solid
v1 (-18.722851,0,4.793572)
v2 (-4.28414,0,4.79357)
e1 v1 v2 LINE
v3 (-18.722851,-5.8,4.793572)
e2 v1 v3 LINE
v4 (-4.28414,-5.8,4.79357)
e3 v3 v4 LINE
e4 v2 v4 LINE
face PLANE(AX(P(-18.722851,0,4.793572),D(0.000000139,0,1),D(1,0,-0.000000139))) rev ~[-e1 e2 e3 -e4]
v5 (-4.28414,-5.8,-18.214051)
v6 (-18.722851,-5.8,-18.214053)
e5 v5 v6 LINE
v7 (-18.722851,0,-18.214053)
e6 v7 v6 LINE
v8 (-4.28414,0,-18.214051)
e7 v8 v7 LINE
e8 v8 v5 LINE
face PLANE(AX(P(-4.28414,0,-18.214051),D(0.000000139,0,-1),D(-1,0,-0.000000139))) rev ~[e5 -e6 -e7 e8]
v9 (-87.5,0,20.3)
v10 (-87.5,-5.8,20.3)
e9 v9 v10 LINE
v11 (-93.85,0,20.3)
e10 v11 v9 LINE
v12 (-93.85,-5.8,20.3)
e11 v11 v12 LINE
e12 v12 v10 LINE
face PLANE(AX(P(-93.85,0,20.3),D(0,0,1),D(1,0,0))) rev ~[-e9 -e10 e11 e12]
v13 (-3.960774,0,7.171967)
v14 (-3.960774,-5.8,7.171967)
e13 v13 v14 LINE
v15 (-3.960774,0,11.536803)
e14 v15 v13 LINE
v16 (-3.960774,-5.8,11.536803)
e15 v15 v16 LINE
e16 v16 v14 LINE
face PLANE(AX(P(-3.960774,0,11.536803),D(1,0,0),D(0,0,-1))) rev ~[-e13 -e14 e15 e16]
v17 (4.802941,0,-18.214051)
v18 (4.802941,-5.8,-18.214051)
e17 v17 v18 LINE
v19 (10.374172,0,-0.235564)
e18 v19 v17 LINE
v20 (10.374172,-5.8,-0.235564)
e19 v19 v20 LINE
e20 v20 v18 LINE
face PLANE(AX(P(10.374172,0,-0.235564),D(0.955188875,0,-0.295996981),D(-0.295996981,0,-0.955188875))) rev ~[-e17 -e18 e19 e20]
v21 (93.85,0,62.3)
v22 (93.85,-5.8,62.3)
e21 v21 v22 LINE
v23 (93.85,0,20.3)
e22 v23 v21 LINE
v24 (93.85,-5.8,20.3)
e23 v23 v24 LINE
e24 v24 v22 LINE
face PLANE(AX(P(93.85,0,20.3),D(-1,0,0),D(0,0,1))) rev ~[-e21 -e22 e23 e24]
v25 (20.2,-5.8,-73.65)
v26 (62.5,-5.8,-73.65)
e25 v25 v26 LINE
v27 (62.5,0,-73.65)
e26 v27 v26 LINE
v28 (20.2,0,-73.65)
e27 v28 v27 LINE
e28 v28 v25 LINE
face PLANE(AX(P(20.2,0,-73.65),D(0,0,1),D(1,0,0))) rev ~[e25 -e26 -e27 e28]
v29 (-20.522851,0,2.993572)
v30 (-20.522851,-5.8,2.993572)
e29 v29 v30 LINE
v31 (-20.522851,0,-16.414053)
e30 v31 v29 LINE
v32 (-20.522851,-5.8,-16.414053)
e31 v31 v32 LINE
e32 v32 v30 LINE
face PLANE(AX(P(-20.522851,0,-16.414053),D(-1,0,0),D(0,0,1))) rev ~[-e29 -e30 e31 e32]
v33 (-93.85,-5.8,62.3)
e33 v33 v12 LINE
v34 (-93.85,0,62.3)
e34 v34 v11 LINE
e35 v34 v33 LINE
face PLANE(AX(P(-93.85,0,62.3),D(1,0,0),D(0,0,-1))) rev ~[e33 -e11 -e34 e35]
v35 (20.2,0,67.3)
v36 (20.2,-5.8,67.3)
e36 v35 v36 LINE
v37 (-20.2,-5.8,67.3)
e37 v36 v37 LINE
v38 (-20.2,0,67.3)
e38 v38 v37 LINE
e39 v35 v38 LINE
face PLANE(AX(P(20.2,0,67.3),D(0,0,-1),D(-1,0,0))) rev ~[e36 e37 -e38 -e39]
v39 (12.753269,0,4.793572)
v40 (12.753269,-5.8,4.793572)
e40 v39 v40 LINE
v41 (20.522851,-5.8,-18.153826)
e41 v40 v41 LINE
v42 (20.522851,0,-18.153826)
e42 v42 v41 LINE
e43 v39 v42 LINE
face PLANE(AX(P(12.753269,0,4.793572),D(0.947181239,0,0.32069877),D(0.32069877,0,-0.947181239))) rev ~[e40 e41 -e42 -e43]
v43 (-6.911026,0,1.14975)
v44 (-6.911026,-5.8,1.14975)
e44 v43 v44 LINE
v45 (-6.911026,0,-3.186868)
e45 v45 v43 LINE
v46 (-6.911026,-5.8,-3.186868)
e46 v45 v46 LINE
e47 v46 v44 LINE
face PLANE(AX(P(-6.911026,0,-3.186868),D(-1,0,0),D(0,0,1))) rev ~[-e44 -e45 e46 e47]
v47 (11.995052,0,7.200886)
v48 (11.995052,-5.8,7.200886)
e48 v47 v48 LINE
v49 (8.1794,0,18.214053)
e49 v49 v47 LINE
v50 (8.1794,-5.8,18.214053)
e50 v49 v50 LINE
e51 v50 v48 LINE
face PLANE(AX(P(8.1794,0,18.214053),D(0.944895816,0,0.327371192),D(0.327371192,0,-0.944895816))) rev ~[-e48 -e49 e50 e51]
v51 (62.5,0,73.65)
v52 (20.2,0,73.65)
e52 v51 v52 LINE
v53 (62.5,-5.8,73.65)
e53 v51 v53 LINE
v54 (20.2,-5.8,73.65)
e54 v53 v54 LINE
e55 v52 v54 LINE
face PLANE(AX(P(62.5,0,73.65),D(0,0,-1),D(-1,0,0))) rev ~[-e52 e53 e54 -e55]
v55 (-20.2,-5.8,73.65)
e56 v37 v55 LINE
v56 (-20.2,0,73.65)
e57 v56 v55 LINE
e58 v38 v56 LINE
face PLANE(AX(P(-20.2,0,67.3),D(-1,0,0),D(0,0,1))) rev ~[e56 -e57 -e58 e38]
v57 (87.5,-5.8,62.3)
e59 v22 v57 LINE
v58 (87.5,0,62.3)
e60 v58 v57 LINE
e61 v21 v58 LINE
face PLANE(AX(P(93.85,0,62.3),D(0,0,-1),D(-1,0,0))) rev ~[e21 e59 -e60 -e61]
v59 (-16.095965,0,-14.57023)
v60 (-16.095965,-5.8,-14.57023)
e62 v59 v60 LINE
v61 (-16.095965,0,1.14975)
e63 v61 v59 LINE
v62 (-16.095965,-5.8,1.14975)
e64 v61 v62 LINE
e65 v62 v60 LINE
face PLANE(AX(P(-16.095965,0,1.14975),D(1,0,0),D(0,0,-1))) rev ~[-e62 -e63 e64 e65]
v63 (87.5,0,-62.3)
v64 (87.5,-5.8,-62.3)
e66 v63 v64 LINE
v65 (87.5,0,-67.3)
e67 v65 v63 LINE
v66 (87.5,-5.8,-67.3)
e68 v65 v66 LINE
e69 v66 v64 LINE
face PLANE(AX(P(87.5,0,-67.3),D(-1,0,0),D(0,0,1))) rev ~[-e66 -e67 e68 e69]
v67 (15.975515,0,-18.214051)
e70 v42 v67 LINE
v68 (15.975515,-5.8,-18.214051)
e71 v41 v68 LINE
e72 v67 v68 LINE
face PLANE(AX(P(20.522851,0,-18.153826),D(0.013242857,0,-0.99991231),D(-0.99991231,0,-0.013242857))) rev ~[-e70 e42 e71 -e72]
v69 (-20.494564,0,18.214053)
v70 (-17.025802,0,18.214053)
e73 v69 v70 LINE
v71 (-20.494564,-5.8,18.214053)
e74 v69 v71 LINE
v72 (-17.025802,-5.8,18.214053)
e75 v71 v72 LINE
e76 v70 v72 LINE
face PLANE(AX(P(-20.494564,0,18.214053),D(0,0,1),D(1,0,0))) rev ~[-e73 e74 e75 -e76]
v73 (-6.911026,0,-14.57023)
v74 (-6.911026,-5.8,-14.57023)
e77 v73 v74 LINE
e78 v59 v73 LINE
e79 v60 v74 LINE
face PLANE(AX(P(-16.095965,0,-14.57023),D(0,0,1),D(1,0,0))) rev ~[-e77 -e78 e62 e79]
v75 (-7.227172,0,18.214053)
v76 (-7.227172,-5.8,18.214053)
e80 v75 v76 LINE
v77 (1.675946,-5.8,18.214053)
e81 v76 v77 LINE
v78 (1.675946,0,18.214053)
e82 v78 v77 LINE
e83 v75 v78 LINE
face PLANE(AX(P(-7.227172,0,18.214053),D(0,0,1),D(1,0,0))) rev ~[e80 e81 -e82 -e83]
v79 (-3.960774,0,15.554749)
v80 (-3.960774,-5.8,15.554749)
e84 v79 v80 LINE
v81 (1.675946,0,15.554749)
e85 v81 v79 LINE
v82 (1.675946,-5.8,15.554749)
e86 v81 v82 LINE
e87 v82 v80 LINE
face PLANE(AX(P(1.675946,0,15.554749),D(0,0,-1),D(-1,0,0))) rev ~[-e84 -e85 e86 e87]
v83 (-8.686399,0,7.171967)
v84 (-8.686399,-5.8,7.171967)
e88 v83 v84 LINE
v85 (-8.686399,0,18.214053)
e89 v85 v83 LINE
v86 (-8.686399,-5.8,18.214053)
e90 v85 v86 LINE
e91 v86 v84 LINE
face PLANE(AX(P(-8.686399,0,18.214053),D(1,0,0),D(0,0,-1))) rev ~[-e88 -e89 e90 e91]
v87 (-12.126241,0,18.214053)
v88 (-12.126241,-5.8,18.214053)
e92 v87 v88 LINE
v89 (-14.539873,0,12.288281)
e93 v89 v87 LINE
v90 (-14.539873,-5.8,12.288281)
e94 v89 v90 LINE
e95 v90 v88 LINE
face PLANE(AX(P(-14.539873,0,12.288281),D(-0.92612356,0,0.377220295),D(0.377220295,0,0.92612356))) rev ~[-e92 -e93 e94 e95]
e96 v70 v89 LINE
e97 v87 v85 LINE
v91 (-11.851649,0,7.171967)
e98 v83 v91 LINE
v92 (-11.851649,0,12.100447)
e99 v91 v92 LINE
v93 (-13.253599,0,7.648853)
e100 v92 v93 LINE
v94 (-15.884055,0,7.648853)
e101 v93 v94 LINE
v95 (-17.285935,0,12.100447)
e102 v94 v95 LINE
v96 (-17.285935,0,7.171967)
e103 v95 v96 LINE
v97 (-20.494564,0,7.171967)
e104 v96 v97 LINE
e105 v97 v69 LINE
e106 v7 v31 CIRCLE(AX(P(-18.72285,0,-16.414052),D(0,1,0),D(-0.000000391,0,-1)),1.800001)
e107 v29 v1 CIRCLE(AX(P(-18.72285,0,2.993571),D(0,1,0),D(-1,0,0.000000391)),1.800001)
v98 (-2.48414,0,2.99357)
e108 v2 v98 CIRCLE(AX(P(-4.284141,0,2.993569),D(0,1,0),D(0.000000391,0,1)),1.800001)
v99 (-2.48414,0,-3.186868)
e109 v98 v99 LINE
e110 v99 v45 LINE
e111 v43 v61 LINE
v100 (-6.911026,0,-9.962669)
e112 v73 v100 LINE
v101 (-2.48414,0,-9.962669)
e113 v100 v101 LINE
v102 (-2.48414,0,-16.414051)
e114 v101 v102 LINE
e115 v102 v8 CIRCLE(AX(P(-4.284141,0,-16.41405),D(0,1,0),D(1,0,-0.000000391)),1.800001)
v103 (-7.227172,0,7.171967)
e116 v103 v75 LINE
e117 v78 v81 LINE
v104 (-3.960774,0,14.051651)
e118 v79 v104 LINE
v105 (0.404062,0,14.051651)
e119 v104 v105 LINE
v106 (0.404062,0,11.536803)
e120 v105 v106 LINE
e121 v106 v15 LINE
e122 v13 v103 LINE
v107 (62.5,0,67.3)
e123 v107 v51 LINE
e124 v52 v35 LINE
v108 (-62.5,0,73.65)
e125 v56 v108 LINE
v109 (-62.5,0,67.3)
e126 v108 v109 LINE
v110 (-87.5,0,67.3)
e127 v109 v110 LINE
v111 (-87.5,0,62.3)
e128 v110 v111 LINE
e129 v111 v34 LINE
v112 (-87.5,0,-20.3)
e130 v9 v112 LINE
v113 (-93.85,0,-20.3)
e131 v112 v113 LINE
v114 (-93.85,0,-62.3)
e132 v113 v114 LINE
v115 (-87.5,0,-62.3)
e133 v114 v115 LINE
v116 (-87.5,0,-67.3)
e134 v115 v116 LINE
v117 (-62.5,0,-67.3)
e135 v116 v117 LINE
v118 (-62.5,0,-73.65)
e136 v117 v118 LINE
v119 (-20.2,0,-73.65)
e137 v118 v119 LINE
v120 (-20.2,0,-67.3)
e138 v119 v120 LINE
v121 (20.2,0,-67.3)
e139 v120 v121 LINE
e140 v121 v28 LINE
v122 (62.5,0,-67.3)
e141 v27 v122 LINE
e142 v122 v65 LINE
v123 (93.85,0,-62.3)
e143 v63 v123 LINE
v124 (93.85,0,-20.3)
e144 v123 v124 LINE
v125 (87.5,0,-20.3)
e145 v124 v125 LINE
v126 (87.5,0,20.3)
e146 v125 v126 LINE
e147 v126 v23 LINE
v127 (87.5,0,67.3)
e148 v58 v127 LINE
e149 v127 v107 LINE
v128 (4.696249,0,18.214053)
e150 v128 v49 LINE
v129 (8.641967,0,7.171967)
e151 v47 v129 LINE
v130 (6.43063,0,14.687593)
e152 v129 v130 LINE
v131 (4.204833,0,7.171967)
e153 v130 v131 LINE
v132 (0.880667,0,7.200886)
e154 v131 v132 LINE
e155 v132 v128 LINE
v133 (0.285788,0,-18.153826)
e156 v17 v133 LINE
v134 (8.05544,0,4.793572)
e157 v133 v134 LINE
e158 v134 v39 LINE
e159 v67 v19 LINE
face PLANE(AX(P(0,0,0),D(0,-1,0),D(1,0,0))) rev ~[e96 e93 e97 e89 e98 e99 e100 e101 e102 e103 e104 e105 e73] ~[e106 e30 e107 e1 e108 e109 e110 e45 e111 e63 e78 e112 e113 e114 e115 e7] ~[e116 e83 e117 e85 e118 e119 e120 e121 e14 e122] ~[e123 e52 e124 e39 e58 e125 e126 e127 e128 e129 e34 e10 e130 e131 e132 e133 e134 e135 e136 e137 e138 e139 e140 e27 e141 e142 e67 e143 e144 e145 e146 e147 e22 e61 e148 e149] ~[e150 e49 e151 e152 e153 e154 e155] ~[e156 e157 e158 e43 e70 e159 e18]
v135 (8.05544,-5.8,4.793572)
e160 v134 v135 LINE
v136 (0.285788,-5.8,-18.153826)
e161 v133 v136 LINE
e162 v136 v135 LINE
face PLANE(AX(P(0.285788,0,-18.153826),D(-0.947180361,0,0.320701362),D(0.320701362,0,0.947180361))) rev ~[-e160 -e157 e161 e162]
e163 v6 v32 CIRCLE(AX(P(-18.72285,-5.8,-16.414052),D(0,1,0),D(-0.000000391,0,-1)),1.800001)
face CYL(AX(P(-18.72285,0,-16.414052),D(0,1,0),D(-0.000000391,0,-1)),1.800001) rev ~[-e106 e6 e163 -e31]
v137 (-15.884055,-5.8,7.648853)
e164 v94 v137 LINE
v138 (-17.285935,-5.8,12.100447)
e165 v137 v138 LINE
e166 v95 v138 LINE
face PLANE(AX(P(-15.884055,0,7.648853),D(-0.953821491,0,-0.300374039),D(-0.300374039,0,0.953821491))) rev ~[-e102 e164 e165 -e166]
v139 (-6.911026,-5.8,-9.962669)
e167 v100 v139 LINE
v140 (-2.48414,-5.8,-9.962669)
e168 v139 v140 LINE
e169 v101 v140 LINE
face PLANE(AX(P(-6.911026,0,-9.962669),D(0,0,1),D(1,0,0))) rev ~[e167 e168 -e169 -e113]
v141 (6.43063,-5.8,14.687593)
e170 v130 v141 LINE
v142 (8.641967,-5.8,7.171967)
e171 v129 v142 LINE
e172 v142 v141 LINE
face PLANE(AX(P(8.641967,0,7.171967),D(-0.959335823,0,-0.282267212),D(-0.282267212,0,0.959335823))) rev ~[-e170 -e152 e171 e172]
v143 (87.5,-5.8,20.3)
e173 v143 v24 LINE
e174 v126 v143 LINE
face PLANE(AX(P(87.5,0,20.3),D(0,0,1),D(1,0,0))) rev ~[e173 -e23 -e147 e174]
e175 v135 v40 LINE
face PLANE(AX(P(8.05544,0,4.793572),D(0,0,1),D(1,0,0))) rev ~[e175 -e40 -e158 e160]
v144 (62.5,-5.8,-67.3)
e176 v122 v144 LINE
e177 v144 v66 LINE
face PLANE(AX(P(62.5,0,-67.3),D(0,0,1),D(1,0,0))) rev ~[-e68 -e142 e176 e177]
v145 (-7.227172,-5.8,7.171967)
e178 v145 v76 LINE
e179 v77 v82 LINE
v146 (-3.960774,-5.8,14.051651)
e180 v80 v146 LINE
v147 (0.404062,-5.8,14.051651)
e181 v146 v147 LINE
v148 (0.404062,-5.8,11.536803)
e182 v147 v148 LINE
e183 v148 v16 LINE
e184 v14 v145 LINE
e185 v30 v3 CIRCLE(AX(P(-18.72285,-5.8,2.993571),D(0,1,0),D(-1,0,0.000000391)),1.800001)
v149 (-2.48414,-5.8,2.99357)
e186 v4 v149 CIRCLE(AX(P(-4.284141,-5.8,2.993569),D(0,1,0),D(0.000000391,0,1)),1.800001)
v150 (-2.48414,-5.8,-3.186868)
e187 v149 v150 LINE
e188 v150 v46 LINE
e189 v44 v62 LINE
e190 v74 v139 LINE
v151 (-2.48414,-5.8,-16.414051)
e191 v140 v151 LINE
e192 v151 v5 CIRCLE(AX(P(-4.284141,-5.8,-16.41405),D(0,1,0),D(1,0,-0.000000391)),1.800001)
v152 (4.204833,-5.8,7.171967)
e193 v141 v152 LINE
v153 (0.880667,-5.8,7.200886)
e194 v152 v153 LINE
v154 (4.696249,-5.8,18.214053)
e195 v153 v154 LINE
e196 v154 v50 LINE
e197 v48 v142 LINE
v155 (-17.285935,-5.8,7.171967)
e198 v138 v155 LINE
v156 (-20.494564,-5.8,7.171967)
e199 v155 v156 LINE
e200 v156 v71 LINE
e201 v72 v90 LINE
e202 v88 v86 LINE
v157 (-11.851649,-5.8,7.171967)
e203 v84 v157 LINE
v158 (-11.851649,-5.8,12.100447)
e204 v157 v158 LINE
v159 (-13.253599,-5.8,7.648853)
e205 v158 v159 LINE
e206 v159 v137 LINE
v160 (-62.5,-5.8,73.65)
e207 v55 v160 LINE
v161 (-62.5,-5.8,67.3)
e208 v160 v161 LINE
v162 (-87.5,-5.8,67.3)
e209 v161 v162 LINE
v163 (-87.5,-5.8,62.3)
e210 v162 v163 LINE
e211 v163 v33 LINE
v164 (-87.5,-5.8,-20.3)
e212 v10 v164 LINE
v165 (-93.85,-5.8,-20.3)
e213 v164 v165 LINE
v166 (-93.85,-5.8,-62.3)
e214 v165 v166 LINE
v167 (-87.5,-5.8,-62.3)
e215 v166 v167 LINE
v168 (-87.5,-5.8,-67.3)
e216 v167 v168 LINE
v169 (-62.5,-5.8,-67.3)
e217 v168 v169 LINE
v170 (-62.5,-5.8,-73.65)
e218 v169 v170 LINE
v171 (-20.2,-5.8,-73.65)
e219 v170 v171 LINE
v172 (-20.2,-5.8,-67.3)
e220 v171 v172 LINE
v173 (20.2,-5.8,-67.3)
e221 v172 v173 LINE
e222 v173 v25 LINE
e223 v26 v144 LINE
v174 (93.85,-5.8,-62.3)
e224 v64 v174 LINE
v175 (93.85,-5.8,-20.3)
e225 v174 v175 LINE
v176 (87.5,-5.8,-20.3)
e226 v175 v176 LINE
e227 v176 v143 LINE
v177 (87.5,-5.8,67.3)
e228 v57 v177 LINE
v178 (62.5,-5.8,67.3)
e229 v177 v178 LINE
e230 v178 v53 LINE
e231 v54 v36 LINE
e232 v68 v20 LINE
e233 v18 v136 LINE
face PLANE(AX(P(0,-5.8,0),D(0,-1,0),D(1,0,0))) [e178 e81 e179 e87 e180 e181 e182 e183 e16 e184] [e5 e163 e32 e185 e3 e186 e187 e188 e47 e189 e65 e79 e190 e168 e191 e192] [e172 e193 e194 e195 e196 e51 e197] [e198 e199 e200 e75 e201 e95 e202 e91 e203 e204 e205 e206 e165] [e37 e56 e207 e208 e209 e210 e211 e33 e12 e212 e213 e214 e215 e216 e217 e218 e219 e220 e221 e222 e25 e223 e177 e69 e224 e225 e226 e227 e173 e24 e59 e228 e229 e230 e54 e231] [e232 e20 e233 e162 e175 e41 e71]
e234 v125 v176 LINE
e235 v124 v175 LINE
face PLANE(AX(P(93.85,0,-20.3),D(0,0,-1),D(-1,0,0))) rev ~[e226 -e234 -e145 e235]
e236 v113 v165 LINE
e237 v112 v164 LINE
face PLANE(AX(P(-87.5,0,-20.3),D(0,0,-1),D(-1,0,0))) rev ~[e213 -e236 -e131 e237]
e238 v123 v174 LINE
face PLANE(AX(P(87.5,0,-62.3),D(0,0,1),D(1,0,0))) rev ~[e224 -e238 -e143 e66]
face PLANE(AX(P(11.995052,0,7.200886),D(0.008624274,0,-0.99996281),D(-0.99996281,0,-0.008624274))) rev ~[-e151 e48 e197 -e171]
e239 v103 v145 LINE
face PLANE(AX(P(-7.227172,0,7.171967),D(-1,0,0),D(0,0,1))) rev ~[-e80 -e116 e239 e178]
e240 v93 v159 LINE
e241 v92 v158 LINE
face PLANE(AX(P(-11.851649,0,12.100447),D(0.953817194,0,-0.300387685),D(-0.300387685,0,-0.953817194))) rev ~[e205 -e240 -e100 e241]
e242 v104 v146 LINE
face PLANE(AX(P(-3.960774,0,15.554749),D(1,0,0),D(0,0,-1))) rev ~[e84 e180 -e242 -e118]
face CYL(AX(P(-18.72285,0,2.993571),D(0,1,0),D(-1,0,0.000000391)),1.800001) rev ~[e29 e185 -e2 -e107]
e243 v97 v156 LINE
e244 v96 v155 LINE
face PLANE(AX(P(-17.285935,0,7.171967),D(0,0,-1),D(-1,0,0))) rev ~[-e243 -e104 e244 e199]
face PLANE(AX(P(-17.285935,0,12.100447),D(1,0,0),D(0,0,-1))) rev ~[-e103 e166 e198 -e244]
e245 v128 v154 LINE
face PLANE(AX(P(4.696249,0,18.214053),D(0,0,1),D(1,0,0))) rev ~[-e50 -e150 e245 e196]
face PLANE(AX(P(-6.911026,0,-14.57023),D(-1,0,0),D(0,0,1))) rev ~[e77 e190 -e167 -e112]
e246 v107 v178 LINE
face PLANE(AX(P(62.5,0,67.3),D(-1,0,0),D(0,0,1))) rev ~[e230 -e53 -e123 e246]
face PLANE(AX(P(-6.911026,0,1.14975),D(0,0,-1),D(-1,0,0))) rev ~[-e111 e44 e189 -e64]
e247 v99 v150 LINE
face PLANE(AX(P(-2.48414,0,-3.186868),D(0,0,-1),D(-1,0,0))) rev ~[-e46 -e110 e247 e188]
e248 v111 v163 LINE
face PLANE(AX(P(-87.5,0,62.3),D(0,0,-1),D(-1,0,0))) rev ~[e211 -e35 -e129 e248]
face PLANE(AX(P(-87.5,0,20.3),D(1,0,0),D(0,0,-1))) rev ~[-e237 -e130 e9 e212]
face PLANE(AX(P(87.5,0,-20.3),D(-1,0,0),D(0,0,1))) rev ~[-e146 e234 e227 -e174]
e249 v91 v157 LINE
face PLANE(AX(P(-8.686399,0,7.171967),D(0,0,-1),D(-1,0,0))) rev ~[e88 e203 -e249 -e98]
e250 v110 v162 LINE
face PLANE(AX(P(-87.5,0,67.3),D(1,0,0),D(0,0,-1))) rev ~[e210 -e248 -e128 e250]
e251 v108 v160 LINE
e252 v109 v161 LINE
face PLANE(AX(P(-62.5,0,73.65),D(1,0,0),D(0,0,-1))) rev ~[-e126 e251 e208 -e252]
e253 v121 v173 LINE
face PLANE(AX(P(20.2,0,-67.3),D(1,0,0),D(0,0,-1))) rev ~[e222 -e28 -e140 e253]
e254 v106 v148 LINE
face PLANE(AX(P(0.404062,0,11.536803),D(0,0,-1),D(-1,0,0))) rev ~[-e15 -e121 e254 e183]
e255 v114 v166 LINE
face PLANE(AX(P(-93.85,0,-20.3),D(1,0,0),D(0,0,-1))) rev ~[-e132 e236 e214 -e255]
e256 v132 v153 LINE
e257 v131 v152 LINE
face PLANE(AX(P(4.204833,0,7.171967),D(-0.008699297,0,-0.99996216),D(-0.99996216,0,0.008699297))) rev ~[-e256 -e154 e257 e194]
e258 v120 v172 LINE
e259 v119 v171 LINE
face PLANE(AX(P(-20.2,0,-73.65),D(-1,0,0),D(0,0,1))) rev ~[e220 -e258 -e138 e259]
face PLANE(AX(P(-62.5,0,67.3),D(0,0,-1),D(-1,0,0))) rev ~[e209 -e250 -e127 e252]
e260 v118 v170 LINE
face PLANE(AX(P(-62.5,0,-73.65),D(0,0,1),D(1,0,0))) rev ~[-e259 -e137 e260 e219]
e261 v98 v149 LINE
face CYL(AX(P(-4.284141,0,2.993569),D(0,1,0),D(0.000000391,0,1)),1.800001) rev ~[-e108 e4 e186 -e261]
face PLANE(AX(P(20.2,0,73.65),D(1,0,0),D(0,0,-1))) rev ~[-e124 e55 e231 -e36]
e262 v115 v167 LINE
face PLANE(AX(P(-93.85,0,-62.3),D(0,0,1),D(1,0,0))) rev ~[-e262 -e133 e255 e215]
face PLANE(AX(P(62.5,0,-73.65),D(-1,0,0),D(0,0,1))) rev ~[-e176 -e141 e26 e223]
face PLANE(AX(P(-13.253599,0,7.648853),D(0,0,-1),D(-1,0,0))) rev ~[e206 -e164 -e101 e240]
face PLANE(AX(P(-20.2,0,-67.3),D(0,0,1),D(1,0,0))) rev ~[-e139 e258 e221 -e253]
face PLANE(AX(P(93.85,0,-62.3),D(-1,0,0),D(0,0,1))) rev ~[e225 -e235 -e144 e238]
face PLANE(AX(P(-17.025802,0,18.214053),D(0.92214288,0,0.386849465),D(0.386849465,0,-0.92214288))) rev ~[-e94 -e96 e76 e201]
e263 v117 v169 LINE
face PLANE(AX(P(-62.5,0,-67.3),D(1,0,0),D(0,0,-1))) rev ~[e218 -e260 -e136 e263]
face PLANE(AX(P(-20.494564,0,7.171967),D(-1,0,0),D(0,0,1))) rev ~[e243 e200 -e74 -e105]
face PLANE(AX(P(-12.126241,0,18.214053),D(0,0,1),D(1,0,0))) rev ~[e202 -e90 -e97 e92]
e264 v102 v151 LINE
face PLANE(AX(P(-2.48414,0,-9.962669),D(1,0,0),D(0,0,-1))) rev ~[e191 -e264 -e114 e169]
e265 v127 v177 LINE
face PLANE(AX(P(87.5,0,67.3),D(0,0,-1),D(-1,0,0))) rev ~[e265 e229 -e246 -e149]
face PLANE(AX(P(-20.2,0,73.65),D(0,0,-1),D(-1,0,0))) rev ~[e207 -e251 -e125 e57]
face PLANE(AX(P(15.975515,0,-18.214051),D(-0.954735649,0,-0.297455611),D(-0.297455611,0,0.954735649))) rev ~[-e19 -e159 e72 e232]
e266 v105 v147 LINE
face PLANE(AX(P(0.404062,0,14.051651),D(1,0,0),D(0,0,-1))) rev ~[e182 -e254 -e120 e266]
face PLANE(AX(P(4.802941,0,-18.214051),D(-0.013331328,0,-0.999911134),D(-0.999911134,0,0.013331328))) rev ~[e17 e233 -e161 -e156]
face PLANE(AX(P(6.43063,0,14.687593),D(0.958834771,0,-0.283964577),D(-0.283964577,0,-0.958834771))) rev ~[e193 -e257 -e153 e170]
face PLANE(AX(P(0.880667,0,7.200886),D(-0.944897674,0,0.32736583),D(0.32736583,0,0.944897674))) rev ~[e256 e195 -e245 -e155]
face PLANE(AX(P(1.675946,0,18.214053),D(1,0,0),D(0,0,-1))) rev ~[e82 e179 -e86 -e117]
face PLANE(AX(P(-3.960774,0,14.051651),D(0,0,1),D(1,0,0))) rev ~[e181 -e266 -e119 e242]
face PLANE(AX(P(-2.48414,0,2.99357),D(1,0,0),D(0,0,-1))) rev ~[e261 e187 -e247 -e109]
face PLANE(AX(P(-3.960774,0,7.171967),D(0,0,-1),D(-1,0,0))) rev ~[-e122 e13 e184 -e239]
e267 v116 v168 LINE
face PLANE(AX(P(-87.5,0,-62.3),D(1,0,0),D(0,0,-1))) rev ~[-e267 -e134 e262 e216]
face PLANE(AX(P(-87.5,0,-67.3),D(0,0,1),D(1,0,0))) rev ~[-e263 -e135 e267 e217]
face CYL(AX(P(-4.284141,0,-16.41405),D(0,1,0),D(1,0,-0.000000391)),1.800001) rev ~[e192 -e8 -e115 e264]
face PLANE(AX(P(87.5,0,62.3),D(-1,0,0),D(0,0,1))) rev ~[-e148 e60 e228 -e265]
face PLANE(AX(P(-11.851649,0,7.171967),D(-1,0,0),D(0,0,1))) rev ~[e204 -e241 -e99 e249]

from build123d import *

# Parameters (mm, degrees)
F1_DEPTH = 5.8


with BuildPart() as f1:
    # F0 (on Front) → F1 (new body)
    with BuildSketch(Plane.XZ):
        Polygon((87.5, 62.3), (87.5, 67.3), (62.5, 67.3), (62.5, 73.65), (20.2, 73.65), (20.2, 67.3), (-20.2, 67.3), (-20.2, 73.65), (-62.5, 73.65), (-62.5, 67.3), (-87.5, 67.3), (-87.5, 62.3), (-93.85, 62.3), (-93.85, 20.3), (-87.5, 20.3), (-87.5, -20.3), (-93.85, -20.3), (-93.85, -62.3), (-87.5, -62.3), (-87.5, -67.3), (-62.5, -67.3), (-62.5, -73.65), (-20.2, -73.65), (-20.2, -67.3), (20.2, -67.3), (20.2, -73.65), (62.5, -73.65), (62.5, -67.3), (87.5, -67.3), (87.5, -62.3), (93.85, -62.3), (93.85, -20.3), (87.5, -20.3), (87.5, 20.3), (93.85, 20.3), (93.85, 62.3), align=None)
        with BuildLine():
            ThreePointArc((-2.48414, -16.414051), (-3.011348, -17.686843), (-4.28414, -18.214051))
            Line((-4.28414, -18.214051), (-18.722851, -18.214053))
            ThreePointArc((-18.722851, -18.214053), (-19.995643, -17.686845), (-20.522851, -16.414053))
            Line((-20.522851, -16.414053), (-20.522851, 2.993572))
            ThreePointArc((-20.522851, 2.993572), (-19.995643, 4.266364), (-18.722851, 4.793572))
            Line((-18.722851, 4.793572), (-4.28414, 4.79357))
            ThreePointArc((-4.28414, 4.79357), (-3.011348, 4.266362), (-2.48414, 2.99357))
            Line((-2.48414, 2.99357), (-2.48414, -3.186868))
            Line((-2.48414, -3.186868), (-6.911026, -3.186868))
            Line((-6.911026, -3.186868), (-6.911026, 1.14975))
            Line((-6.911026, 1.14975), (-16.095965, 1.14975))
            Line((-16.095965, 1.14975), (-16.095965, -14.57023))
            Line((-16.095965, -14.57023), (-6.911026, -14.57023))
            Line((-6.911026, -14.57023), (-6.911026, -9.962669))
            Line((-6.911026, -9.962669), (-2.48414, -9.962669))
            Line((-2.48414, -9.962669), (-2.48414, -16.414051))
        make_face(mode=Mode.SUBTRACT)
        Polygon((4.802941, -18.214051), (0.285788, -18.153826), (8.05544, 4.793572), (12.753269, 4.793572), (20.522851, -18.153826), (15.975515, -18.214051), (10.374172, -0.235564), align=None, mode=Mode.SUBTRACT)
        Polygon((-17.285935, 7.171967), (-20.494564, 7.171967), (-20.494564, 18.214053), (-17.025802, 18.214053), (-14.539873, 12.288281), (-12.126241, 18.214053), (-8.686399, 18.214053), (-8.686399, 7.171967), (-11.851649, 7.171967), (-11.851649, 12.100447), (-13.253599, 7.648853), (-15.884055, 7.648853), (-17.285935, 12.100447), align=None, mode=Mode.SUBTRACT)
        Polygon((-3.960774, 11.536803), (-3.960774, 7.171967), (-7.227172, 7.171967), (-7.227172, 18.214053), (1.675946, 18.214053), (1.675946, 15.554749), (-3.960774, 15.554749), (-3.960774, 14.051651), (0.404062, 14.051651), (0.404062, 11.536803), align=None, mode=Mode.SUBTRACT)
        Polygon((4.204833, 7.171967), (0.880667, 7.200886), (4.696249, 18.214053), (8.1794, 18.214053), (11.995052, 7.200886), (8.641967, 7.171967), (6.43063, 14.687593), align=None, mode=Mode.SUBTRACT)
    extrude(amount=F1_DEPTH)


solid = f1.part
